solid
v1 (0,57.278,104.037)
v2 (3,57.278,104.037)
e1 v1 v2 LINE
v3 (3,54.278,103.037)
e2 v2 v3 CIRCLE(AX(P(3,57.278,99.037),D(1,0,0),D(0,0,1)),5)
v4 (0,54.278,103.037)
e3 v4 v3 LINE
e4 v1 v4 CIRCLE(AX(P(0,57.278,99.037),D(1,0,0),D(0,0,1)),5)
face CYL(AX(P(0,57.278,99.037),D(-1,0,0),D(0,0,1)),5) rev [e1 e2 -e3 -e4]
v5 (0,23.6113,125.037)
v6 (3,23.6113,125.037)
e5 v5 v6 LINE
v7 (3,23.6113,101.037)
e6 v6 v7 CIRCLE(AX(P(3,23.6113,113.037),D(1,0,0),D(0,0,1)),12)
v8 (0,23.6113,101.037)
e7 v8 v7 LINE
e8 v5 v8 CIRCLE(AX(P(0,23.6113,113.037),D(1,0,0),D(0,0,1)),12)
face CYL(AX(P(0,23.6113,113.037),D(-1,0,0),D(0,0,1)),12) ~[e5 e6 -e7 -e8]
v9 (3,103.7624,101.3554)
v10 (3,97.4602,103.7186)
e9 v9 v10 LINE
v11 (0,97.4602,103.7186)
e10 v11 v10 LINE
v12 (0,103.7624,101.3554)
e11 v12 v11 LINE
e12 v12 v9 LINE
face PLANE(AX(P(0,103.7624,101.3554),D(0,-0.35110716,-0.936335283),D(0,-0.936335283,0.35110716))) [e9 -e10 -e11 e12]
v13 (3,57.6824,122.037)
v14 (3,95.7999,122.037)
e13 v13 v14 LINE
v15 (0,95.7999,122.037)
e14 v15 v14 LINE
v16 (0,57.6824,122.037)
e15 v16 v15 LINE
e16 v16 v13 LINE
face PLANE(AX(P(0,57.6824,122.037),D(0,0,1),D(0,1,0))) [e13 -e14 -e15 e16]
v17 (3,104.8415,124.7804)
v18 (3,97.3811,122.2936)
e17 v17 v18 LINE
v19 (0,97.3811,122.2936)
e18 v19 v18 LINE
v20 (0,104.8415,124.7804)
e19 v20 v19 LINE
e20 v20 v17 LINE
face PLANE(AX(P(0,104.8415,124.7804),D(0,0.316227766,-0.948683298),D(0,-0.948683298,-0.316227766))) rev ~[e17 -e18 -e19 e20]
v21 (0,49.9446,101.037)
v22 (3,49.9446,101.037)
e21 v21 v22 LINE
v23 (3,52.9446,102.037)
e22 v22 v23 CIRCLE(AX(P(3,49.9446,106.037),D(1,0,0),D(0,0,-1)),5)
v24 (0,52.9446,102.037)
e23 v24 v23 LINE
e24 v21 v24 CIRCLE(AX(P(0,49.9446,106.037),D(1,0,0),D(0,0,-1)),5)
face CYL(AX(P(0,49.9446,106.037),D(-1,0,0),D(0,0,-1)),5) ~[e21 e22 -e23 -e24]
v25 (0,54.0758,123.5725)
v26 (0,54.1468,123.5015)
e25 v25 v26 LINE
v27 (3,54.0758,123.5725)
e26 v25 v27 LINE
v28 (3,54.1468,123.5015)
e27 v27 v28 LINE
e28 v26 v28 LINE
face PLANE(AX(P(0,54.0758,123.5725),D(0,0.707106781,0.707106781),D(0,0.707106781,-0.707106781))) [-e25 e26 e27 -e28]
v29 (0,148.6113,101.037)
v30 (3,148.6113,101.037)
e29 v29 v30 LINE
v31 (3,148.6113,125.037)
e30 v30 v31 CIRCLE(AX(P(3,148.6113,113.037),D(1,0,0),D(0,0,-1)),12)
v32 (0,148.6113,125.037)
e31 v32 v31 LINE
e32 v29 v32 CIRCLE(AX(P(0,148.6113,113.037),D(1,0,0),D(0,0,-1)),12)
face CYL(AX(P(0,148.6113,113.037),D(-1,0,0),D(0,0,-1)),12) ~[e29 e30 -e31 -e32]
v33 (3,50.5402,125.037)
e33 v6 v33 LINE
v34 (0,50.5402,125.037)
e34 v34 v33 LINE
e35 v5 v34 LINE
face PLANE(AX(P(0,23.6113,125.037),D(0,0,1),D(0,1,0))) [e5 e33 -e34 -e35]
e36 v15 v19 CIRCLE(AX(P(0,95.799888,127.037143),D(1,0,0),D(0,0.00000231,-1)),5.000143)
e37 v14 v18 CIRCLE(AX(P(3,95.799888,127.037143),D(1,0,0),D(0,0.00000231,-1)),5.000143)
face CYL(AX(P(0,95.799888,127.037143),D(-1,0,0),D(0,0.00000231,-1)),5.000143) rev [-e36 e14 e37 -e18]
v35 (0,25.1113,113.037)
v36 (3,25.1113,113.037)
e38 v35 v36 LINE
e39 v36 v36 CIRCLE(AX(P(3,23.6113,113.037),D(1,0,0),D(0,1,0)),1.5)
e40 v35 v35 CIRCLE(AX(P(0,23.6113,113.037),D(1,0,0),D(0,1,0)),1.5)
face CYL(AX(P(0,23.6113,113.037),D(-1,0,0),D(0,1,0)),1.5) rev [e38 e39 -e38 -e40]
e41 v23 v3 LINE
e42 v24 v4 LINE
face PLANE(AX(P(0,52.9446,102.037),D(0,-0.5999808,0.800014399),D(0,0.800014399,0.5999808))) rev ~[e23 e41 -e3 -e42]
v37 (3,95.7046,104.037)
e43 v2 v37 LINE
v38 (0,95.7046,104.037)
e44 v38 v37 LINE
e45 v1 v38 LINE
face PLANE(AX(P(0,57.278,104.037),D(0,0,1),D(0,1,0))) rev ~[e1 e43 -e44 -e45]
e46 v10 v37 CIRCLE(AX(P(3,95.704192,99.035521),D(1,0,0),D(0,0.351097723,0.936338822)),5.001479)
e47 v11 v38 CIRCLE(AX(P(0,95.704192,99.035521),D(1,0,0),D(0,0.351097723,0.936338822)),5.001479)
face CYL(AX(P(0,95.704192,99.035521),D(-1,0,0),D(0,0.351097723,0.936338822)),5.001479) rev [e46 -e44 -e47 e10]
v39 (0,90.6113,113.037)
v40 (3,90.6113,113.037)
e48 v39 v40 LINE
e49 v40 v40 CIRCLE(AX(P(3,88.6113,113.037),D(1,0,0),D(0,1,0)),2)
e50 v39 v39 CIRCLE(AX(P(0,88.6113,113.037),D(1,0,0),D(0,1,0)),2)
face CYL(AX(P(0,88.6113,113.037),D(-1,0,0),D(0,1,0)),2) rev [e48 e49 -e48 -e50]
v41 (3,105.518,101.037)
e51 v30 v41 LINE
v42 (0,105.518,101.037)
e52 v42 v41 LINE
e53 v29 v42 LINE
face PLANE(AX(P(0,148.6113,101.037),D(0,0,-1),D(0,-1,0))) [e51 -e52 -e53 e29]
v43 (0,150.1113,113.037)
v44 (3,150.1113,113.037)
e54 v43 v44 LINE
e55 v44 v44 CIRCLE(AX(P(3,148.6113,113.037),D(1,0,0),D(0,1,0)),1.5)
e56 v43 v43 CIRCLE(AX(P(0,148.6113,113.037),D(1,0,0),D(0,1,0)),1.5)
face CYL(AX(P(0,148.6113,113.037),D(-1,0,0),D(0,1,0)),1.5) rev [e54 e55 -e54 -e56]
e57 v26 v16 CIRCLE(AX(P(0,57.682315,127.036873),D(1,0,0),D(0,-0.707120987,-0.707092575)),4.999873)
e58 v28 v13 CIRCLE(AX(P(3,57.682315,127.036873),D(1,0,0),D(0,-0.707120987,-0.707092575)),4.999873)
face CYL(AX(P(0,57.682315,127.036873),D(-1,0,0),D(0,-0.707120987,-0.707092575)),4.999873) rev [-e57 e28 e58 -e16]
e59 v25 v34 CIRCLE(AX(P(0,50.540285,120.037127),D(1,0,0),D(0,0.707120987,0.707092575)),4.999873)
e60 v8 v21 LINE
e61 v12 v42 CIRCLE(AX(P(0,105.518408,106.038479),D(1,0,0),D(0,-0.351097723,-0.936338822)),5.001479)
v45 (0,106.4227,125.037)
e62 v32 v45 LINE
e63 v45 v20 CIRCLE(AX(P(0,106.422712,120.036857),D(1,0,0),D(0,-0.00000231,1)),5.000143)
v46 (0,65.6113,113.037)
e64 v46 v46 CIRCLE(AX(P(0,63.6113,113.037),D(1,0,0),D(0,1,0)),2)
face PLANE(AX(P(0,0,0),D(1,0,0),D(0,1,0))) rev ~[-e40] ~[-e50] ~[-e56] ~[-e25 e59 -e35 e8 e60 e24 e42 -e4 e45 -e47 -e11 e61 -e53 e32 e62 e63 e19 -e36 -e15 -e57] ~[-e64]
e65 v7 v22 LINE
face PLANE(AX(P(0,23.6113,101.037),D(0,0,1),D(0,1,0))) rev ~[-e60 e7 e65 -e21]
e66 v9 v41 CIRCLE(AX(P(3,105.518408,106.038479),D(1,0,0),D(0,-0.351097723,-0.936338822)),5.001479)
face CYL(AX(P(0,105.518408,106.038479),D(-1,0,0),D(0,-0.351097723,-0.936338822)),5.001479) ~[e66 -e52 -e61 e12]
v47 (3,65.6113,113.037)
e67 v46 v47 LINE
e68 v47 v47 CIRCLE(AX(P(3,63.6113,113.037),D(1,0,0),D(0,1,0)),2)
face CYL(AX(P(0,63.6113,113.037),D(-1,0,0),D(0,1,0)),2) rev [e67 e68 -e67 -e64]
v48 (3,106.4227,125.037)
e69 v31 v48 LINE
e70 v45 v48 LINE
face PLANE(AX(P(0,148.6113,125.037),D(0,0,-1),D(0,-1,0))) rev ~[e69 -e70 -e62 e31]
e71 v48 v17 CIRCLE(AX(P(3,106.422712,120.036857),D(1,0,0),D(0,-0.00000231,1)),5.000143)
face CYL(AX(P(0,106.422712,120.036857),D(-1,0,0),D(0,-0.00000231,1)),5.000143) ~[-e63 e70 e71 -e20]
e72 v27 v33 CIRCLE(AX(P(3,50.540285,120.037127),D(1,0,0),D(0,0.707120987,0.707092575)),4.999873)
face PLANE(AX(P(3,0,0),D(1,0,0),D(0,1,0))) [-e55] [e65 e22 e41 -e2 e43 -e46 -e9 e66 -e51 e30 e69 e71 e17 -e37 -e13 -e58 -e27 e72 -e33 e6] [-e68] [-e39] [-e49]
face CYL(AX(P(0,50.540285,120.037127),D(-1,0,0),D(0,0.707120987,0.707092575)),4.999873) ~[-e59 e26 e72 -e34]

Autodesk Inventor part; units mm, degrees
ref_plane "YZ Plane" through (0, 0, 0) normal (1, 0, 0) x (0, 1, 0)
ref_plane "XZ Plane" through (0, 0, 0) normal (0, 1, 0) x (-1, 0, 0)
ref_plane "XY Plane" through (0, 0, 0) normal (0, 0, 1) x (1, 0, 0)
sketch "Sketch1" plane through (0, 0, 0) normal (1, 0, 0) x (0, 1, 0)
  arc A0 (148.6113, 101.037) -> (148.6113, 125.037) centre (148.6113, 113.037) ccw
  circle A1 centre (88.6113, 113.037) radius 2
  line L0 (104.6113, 113.037) -> (96.6113, 113.037) construction
  line L1 (96.6113, 113.037) -> (96.6113, 122.037) construction
  line L2 (96.6113, 113.037) -> (96.6113, 104.037) construction
  line L3 (104.8415, 124.7804) -> (97.3811, 122.2936)
  line L4 (103.7624, 101.3554) -> (97.4602, 103.7186)
  line L5 (148.6113, 101.037) -> (105.518, 101.037)
  line L6 (148.6113, 125.037) -> (106.4227, 125.037)
  arc A2 (23.6113, 125.037) -> (23.6113, 101.037) centre (23.6113, 113.037) ccw
  line L7 (23.6113, 101.037) -> (49.9446, 101.037)
  line L8 (23.6113, 125.037) -> (50.5402, 125.037)
  circle A3 centre (23.6113, 113.037) radius 1.5
  circle A4 centre (63.6113, 113.037) radius 2
  line L9 (52.9446, 102.037) -> (54.278, 103.037)
  line L10 (54.0758, 123.5725) -> (54.1468, 123.5015)
  line L11 (47.6113, 113.037) -> (55.6113, 113.037) construction
  line L12 (55.6113, 113.037) -> (55.6113, 104.037) construction
  line L13 (55.6113, 113.037) -> (55.6113, 122.037) construction
  line L14 (76.1113, 122.037) -> (76.1113, 104.037) construction
  line L15 (57.278, 104.037) -> (95.7046, 104.037)
  line L16 (57.6824, 122.037) -> (95.7999, 122.037)
  arc A5 (54.0758, 123.5725) -> (50.5402, 125.037) centre (50.5402, 120.037) ccw
  arc A6 (57.278, 104.037) -> (54.278, 103.037) centre (57.278, 99.037) ccw
  arc A7 (49.9446, 101.037) -> (52.9446, 102.037) centre (49.9446, 106.037) ccw
  arc A8 (97.4602, 103.7186) -> (95.7046, 104.037) centre (95.7046, 99.037) ccw
  arc A9 (103.7624, 101.3554) -> (105.518, 101.037) centre (105.518, 106.037) ccw
  arc A10 (54.1468, 123.5015) -> (57.6824, 122.037) centre (57.6824, 127.037) ccw
  arc A11 (95.7999, 122.037) -> (97.3811, 122.2936) centre (95.7999, 127.037) ccw
  arc A12 (106.4227, 125.037) -> (104.8415, 124.7804) centre (106.4227, 120.037) ccw
  circle A13 centre (148.6113, 113.037) radius 1.5
  point P0 (1.5, 26.1095)
  point P1 (22.5, 26.1095)
  point P2 (1.5, 26.1095)
  point P3 (22.5, 26.1095)
  dimension "d44" = 4
  dimension "d46" = 8
  dimension "d47" = 9
  dimension "d48" = 9
  dimension "d50" = 8
  dimension "d53" = 24
  dimension "d54" = 3
  dimension "d57" = 4
  dimension "d59" = 8
  dimension "d60" = 9
  dimension "d61" = 9
  dimension "d63" = 8
  dimension "d64" = 40
  dimension "d65" = 25
  dimension "d100" = 5
  dimension "d102" = 3
  dimension "d103" = 60
extrude "Extrusion1" add sketch "Sketch1" along normal blind 3
properties part number "Brazo2Izquierda"
